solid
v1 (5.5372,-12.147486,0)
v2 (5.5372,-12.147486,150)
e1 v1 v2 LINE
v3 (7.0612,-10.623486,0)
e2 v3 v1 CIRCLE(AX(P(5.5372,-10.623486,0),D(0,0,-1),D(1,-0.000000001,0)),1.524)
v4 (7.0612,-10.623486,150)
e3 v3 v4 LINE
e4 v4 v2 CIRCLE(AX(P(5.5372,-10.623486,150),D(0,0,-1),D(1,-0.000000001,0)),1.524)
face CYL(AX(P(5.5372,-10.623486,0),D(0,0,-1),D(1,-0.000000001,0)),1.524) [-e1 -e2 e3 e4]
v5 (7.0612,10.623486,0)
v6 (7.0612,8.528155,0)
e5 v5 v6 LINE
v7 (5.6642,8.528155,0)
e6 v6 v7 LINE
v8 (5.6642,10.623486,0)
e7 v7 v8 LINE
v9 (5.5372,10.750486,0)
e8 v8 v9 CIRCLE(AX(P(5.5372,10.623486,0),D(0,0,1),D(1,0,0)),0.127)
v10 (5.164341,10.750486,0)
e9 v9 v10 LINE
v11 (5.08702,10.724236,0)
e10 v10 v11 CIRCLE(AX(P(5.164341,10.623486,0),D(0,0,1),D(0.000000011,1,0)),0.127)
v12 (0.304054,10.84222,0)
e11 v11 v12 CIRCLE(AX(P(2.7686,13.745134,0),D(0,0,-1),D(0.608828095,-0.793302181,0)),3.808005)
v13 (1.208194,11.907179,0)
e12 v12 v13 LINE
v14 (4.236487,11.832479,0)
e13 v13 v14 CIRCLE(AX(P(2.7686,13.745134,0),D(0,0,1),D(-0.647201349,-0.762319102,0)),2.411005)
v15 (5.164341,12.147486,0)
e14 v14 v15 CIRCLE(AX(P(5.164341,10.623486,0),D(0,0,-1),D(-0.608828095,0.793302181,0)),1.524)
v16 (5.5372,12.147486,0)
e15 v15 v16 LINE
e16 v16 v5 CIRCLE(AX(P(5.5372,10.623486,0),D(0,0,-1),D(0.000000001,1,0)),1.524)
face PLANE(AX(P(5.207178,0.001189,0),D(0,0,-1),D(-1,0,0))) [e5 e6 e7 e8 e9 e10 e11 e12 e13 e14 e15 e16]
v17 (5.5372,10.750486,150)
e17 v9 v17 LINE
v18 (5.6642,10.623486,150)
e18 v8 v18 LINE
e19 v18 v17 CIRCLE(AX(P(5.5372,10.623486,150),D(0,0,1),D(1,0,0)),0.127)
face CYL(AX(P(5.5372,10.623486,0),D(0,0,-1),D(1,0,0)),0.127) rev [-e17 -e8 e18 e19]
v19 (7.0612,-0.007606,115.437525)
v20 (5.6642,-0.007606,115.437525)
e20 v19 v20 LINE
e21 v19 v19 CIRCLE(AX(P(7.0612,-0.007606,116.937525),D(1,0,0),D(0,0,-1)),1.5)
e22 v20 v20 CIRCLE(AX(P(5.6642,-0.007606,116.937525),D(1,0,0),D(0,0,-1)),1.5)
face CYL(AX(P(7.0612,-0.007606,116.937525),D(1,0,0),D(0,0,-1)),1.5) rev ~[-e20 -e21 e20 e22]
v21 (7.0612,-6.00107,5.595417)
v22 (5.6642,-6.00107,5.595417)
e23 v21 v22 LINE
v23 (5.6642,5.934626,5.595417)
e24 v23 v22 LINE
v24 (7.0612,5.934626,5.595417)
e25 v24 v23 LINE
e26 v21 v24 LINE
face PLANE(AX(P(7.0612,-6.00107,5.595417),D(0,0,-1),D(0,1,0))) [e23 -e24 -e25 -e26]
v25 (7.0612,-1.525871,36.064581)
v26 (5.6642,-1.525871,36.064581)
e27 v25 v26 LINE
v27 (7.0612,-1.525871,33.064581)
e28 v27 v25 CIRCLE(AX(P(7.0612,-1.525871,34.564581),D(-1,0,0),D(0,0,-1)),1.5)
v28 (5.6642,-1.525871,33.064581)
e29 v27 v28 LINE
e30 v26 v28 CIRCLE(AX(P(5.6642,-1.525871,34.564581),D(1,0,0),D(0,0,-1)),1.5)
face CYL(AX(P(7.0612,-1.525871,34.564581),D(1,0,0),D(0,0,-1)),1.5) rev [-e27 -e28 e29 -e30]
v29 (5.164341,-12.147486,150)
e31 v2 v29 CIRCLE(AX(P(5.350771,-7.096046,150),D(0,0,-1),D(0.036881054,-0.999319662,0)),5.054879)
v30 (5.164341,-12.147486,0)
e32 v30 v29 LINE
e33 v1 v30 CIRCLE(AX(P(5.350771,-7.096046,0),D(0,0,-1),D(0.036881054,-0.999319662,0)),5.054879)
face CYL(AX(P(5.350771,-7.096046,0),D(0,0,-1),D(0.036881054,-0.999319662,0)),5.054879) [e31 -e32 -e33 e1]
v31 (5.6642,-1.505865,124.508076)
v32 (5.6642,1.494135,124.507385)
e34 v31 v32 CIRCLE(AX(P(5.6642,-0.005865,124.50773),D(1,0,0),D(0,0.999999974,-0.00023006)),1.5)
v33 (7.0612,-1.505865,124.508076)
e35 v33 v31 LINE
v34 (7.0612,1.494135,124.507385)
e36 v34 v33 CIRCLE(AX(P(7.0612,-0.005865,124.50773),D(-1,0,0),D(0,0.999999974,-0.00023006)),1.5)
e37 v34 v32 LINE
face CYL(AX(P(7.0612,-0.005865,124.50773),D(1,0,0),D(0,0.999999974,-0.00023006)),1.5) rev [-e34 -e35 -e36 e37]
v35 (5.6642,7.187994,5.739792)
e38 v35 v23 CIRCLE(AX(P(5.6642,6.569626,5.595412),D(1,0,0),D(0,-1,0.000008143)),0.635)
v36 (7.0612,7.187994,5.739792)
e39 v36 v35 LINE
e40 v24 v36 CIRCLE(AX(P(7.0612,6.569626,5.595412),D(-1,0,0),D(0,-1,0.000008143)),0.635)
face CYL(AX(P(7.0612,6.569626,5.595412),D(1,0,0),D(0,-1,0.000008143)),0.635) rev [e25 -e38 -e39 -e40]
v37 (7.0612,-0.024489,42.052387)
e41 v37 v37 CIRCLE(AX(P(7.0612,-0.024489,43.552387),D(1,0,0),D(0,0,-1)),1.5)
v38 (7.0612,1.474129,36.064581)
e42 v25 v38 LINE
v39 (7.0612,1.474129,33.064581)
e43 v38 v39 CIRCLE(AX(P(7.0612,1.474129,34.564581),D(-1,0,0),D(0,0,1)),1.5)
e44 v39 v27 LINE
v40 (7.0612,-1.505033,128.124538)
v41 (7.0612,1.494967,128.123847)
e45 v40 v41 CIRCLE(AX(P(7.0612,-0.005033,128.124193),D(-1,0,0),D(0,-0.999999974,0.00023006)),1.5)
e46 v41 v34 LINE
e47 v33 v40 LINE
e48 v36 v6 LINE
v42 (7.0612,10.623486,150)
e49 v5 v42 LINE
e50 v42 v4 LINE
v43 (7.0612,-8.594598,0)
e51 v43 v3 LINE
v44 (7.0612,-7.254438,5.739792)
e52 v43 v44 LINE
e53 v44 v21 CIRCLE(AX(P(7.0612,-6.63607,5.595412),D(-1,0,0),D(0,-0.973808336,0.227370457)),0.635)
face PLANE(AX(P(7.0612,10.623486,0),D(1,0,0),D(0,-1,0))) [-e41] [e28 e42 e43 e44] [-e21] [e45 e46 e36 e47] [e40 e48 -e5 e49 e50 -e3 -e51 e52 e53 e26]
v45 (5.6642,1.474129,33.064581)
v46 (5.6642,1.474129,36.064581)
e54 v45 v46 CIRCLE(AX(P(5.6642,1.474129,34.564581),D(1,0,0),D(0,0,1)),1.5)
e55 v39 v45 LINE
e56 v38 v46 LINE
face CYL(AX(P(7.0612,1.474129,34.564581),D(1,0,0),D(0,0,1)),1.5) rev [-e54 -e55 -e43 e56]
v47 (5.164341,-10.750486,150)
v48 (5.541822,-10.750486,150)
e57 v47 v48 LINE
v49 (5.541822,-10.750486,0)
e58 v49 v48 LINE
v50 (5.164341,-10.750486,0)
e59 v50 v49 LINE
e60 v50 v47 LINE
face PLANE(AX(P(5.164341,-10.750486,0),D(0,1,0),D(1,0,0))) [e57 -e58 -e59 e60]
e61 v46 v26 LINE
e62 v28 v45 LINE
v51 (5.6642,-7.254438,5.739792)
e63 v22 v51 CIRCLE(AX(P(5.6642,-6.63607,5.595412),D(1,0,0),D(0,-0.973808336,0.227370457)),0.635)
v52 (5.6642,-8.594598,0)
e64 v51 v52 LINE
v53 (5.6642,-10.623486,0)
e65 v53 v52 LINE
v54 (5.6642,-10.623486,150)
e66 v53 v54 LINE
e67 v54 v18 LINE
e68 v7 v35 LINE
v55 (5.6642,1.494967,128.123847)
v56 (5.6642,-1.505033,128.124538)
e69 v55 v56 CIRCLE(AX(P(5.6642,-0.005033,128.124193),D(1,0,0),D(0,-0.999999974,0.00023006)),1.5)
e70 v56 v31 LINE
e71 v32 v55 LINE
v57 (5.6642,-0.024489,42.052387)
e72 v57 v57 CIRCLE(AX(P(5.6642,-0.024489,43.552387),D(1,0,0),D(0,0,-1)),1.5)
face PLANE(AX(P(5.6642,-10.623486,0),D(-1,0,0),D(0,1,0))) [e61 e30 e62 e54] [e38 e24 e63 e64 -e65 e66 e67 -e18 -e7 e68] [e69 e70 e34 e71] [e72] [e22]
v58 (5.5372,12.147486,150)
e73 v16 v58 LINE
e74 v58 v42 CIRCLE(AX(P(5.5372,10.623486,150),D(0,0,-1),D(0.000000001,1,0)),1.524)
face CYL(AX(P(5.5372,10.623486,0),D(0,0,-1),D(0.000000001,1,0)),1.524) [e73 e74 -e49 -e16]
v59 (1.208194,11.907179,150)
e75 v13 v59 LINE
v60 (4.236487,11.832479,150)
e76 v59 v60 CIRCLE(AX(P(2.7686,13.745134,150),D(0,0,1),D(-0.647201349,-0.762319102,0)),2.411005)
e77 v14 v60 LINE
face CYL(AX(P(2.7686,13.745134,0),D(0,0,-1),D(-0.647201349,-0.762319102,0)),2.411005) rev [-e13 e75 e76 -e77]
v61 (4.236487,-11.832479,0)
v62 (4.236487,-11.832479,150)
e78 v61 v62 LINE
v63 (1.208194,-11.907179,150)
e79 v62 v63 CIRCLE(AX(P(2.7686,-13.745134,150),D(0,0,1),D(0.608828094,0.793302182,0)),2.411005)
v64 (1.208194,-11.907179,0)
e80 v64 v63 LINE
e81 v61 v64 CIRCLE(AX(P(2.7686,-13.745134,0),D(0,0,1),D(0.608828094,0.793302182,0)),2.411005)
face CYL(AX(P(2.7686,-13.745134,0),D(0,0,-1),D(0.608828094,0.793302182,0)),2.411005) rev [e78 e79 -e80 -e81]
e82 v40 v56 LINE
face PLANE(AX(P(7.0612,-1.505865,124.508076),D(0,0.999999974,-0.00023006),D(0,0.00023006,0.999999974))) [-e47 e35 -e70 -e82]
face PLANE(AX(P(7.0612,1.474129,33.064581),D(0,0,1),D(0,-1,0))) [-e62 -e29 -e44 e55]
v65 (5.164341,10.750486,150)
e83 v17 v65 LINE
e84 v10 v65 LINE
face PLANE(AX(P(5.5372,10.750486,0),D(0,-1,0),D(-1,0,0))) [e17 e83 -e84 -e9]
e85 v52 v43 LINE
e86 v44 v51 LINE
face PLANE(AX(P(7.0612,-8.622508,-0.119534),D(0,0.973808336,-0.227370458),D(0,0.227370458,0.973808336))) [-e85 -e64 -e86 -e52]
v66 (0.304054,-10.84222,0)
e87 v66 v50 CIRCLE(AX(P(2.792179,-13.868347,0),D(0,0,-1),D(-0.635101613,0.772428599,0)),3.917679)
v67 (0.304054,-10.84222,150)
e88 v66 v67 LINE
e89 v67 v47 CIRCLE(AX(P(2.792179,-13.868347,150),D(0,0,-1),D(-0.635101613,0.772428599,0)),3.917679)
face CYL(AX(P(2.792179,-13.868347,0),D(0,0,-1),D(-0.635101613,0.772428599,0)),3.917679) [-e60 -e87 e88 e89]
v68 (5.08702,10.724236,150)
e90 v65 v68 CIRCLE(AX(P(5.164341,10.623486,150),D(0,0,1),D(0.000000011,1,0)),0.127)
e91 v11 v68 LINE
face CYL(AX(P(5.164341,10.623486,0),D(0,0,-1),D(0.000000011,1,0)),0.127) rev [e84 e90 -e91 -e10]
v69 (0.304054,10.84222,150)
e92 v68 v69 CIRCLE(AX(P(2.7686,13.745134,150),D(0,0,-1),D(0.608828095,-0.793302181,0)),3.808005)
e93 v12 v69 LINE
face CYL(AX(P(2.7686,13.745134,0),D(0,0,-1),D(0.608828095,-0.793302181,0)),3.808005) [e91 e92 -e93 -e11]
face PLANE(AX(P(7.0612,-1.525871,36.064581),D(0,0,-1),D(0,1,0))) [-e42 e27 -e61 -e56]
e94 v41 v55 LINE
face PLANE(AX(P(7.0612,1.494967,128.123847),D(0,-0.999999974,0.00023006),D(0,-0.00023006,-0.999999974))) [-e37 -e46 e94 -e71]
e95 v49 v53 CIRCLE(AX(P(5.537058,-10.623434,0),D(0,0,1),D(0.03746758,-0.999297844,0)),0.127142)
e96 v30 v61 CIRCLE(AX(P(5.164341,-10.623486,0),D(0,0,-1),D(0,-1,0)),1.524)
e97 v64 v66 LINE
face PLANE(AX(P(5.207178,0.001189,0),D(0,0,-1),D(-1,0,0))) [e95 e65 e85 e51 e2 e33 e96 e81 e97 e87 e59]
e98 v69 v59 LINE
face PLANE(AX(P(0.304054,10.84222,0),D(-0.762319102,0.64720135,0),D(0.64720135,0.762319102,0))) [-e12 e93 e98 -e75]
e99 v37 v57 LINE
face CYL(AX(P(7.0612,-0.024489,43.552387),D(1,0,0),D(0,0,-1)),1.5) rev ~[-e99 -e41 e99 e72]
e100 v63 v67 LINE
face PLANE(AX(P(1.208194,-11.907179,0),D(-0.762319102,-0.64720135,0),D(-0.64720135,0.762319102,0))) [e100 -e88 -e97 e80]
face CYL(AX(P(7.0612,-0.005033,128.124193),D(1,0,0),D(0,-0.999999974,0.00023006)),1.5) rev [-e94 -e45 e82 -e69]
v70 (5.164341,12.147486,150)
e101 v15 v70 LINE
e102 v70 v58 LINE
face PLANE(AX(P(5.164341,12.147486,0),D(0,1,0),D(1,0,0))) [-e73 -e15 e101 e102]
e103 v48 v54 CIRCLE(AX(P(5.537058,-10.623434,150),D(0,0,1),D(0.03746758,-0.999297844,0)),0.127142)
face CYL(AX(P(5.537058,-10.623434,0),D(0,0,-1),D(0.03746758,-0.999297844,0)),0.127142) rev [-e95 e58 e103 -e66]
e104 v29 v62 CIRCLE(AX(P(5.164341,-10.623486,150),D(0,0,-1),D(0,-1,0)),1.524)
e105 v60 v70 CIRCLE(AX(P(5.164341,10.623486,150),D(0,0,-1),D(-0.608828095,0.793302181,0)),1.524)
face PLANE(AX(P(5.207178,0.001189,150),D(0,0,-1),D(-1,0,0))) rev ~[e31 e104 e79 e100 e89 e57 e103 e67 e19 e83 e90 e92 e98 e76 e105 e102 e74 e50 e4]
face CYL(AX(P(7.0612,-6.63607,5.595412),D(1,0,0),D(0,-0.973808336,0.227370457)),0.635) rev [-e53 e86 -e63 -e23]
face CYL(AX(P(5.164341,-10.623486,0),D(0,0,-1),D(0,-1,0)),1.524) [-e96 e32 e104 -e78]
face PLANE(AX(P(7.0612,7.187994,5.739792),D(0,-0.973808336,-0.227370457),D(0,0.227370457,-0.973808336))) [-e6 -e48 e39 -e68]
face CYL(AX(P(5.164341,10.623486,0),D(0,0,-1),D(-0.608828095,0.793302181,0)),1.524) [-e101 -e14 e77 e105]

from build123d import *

# Parameters (mm, degrees)
BOSS_EXTRUDE1_DEPTH = 150
CUT_EXTRUDE2_DEPTH  = 151.642968673
SKETCH4_R           = 1.5
CUT_EXTRUDE3_DEPTH  = 151.642968673


with BuildPart() as part:
    # Sketch1 → Boss-Extrude1 (new body)
    with BuildSketch(Plane.XY):
        with BuildLine():
            Line((5.164341455, -10.750486483), (5.541822139, -10.750486483))
            ThreePointArc((5.541822139, -10.750486483), (5.628611698, -10.711655392), (5.6642, -10.623486496))
            Line((5.6642, -10.623486496), (5.6642, 10.623486496))
            ThreePointArc((5.6642, 10.623486496), (5.627002565, 10.713289048), (5.537200013, 10.750486483))
            Line((5.537200013, 10.750486483), (5.164341455, 10.750486483))
            ThreePointArc((5.164341455, 10.750486483), (5.123513594, 10.743744895), (5.087020295, 10.724235863))
            ThreePointArc((5.087020295, 10.724235863), (2.674694689, 9.938287609), (0.304054167, 10.842219578))
            Line((0.304054167, 10.842219578), (1.208194452, 11.907179363))
            ThreePointArc((1.208194452, 11.907179363), (2.709144677, 11.334862777), (4.236487447, 11.83247901))
            ThreePointArc((4.236487447, 11.83247901), (4.67440708, 12.066587417), (5.164341455, 12.147486483))
            Line((5.164341455, 12.147486483), (5.537200013, 12.147486483))
            ThreePointArc((5.537200013, 12.147486483), (6.614830738, 11.701117221), (7.0612, 10.623486496))
            Line((7.0612, 10.623486496), (7.0612, -10.623486496))
            ThreePointArc((7.0612, -10.623486496), (6.614830738, -11.701117221), (5.537200013, -12.147486483))
            ThreePointArc((5.537200013, -12.147486483), (5.350770734, -12.150925507), (5.164341455, -12.147486483))
            ThreePointArc((5.164341455, -12.147486483), (4.67440708, -12.066587417), (4.236487447, -11.83247901))
            ThreePointArc((4.236487447, -11.83247901), (2.709144677, -11.334862777), (1.208194452, -11.907179363))
            Line((1.208194452, -11.907179363), (0.304054167, -10.842219578))
            ThreePointArc((0.304054167, -10.842219578), (2.718249509, -9.951365406), (5.164341455, -10.750486483))
        make_face()
    extrude(amount=BOSS_EXTRUDE1_DEPTH)

    # Sketch2 → Cut-Extrude2 (cut, through all)
    with BuildSketch(Plane(origin=(7.0612, 0, 0), x_dir=(0, 0, -1), z_dir=(1, 0, 0))):
        with BuildLine():
            Line((0.119534124, 8.556064117), (0.119534124, -8.622507572))
            Line((0.119534124, -8.622507572), (-5.739792333, -7.254437811))
            ThreePointArc((-5.739792333, -7.254437811), (-6.226240725, -6.563404626), (-5.595417274, -6.001069606))
            Line((-5.595417274, -6.001069606), (-5.595417274, 5.934626152))
            ThreePointArc((-5.595417274, 5.934626152), (-6.226240725, 6.496961172), (-5.739792333, 7.187994357))
            Line((-5.739792333, 7.187994357), (0.119534124, 8.556064117))
        make_face()
    extrude(amount=-CUT_EXTRUDE2_DEPTH, mode=Mode.SUBTRACT)

    # Sketch4 → Cut-Extrude3 (cut, through all)
    with BuildSketch(Plane(origin=(7.0612, 0, 0), x_dir=(0, 0, -1), z_dir=(1, 0, 0))):
        with Locations((-116.937524646, -0.007606355)):
            Circle(SKETCH4_R)
        with Locations((-43.552387309, -0.024489344)):
            Circle(SKETCH4_R)
        with BuildLine():
            Line((-33.064580696, 1.474128733), (-33.064580696, -1.525871267))
            ThreePointArc((-33.064580696, -1.525871267), (-34.564580696, -3.025871267), (-36.064580696, -1.525871267))
            Line((-36.064580696, -1.525871267), (-36.064580696, 1.474128733))
            ThreePointArc((-36.064580696, 1.474128733), (-34.564580696, 2.974128733), (-33.064580696, 1.474128733))
        make_face()
        with BuildLine():
            Line((-128.12384742, 1.494967211), (-124.507385363, 1.494135207))
            ThreePointArc((-124.507385363, 1.494135207), (-123.007730493, -0.006209843), (-124.508075543, -1.505864713))
            Line((-124.508075543, -1.505864713), (-128.1245376, -1.50503271))
            ThreePointArc((-128.1245376, -1.50503271), (-129.62419247, -0.00468766), (-128.12384742, 1.494967211))
        make_face()
    extrude(amount=-CUT_EXTRUDE3_DEPTH, mode=Mode.SUBTRACT)


solid = part.part
